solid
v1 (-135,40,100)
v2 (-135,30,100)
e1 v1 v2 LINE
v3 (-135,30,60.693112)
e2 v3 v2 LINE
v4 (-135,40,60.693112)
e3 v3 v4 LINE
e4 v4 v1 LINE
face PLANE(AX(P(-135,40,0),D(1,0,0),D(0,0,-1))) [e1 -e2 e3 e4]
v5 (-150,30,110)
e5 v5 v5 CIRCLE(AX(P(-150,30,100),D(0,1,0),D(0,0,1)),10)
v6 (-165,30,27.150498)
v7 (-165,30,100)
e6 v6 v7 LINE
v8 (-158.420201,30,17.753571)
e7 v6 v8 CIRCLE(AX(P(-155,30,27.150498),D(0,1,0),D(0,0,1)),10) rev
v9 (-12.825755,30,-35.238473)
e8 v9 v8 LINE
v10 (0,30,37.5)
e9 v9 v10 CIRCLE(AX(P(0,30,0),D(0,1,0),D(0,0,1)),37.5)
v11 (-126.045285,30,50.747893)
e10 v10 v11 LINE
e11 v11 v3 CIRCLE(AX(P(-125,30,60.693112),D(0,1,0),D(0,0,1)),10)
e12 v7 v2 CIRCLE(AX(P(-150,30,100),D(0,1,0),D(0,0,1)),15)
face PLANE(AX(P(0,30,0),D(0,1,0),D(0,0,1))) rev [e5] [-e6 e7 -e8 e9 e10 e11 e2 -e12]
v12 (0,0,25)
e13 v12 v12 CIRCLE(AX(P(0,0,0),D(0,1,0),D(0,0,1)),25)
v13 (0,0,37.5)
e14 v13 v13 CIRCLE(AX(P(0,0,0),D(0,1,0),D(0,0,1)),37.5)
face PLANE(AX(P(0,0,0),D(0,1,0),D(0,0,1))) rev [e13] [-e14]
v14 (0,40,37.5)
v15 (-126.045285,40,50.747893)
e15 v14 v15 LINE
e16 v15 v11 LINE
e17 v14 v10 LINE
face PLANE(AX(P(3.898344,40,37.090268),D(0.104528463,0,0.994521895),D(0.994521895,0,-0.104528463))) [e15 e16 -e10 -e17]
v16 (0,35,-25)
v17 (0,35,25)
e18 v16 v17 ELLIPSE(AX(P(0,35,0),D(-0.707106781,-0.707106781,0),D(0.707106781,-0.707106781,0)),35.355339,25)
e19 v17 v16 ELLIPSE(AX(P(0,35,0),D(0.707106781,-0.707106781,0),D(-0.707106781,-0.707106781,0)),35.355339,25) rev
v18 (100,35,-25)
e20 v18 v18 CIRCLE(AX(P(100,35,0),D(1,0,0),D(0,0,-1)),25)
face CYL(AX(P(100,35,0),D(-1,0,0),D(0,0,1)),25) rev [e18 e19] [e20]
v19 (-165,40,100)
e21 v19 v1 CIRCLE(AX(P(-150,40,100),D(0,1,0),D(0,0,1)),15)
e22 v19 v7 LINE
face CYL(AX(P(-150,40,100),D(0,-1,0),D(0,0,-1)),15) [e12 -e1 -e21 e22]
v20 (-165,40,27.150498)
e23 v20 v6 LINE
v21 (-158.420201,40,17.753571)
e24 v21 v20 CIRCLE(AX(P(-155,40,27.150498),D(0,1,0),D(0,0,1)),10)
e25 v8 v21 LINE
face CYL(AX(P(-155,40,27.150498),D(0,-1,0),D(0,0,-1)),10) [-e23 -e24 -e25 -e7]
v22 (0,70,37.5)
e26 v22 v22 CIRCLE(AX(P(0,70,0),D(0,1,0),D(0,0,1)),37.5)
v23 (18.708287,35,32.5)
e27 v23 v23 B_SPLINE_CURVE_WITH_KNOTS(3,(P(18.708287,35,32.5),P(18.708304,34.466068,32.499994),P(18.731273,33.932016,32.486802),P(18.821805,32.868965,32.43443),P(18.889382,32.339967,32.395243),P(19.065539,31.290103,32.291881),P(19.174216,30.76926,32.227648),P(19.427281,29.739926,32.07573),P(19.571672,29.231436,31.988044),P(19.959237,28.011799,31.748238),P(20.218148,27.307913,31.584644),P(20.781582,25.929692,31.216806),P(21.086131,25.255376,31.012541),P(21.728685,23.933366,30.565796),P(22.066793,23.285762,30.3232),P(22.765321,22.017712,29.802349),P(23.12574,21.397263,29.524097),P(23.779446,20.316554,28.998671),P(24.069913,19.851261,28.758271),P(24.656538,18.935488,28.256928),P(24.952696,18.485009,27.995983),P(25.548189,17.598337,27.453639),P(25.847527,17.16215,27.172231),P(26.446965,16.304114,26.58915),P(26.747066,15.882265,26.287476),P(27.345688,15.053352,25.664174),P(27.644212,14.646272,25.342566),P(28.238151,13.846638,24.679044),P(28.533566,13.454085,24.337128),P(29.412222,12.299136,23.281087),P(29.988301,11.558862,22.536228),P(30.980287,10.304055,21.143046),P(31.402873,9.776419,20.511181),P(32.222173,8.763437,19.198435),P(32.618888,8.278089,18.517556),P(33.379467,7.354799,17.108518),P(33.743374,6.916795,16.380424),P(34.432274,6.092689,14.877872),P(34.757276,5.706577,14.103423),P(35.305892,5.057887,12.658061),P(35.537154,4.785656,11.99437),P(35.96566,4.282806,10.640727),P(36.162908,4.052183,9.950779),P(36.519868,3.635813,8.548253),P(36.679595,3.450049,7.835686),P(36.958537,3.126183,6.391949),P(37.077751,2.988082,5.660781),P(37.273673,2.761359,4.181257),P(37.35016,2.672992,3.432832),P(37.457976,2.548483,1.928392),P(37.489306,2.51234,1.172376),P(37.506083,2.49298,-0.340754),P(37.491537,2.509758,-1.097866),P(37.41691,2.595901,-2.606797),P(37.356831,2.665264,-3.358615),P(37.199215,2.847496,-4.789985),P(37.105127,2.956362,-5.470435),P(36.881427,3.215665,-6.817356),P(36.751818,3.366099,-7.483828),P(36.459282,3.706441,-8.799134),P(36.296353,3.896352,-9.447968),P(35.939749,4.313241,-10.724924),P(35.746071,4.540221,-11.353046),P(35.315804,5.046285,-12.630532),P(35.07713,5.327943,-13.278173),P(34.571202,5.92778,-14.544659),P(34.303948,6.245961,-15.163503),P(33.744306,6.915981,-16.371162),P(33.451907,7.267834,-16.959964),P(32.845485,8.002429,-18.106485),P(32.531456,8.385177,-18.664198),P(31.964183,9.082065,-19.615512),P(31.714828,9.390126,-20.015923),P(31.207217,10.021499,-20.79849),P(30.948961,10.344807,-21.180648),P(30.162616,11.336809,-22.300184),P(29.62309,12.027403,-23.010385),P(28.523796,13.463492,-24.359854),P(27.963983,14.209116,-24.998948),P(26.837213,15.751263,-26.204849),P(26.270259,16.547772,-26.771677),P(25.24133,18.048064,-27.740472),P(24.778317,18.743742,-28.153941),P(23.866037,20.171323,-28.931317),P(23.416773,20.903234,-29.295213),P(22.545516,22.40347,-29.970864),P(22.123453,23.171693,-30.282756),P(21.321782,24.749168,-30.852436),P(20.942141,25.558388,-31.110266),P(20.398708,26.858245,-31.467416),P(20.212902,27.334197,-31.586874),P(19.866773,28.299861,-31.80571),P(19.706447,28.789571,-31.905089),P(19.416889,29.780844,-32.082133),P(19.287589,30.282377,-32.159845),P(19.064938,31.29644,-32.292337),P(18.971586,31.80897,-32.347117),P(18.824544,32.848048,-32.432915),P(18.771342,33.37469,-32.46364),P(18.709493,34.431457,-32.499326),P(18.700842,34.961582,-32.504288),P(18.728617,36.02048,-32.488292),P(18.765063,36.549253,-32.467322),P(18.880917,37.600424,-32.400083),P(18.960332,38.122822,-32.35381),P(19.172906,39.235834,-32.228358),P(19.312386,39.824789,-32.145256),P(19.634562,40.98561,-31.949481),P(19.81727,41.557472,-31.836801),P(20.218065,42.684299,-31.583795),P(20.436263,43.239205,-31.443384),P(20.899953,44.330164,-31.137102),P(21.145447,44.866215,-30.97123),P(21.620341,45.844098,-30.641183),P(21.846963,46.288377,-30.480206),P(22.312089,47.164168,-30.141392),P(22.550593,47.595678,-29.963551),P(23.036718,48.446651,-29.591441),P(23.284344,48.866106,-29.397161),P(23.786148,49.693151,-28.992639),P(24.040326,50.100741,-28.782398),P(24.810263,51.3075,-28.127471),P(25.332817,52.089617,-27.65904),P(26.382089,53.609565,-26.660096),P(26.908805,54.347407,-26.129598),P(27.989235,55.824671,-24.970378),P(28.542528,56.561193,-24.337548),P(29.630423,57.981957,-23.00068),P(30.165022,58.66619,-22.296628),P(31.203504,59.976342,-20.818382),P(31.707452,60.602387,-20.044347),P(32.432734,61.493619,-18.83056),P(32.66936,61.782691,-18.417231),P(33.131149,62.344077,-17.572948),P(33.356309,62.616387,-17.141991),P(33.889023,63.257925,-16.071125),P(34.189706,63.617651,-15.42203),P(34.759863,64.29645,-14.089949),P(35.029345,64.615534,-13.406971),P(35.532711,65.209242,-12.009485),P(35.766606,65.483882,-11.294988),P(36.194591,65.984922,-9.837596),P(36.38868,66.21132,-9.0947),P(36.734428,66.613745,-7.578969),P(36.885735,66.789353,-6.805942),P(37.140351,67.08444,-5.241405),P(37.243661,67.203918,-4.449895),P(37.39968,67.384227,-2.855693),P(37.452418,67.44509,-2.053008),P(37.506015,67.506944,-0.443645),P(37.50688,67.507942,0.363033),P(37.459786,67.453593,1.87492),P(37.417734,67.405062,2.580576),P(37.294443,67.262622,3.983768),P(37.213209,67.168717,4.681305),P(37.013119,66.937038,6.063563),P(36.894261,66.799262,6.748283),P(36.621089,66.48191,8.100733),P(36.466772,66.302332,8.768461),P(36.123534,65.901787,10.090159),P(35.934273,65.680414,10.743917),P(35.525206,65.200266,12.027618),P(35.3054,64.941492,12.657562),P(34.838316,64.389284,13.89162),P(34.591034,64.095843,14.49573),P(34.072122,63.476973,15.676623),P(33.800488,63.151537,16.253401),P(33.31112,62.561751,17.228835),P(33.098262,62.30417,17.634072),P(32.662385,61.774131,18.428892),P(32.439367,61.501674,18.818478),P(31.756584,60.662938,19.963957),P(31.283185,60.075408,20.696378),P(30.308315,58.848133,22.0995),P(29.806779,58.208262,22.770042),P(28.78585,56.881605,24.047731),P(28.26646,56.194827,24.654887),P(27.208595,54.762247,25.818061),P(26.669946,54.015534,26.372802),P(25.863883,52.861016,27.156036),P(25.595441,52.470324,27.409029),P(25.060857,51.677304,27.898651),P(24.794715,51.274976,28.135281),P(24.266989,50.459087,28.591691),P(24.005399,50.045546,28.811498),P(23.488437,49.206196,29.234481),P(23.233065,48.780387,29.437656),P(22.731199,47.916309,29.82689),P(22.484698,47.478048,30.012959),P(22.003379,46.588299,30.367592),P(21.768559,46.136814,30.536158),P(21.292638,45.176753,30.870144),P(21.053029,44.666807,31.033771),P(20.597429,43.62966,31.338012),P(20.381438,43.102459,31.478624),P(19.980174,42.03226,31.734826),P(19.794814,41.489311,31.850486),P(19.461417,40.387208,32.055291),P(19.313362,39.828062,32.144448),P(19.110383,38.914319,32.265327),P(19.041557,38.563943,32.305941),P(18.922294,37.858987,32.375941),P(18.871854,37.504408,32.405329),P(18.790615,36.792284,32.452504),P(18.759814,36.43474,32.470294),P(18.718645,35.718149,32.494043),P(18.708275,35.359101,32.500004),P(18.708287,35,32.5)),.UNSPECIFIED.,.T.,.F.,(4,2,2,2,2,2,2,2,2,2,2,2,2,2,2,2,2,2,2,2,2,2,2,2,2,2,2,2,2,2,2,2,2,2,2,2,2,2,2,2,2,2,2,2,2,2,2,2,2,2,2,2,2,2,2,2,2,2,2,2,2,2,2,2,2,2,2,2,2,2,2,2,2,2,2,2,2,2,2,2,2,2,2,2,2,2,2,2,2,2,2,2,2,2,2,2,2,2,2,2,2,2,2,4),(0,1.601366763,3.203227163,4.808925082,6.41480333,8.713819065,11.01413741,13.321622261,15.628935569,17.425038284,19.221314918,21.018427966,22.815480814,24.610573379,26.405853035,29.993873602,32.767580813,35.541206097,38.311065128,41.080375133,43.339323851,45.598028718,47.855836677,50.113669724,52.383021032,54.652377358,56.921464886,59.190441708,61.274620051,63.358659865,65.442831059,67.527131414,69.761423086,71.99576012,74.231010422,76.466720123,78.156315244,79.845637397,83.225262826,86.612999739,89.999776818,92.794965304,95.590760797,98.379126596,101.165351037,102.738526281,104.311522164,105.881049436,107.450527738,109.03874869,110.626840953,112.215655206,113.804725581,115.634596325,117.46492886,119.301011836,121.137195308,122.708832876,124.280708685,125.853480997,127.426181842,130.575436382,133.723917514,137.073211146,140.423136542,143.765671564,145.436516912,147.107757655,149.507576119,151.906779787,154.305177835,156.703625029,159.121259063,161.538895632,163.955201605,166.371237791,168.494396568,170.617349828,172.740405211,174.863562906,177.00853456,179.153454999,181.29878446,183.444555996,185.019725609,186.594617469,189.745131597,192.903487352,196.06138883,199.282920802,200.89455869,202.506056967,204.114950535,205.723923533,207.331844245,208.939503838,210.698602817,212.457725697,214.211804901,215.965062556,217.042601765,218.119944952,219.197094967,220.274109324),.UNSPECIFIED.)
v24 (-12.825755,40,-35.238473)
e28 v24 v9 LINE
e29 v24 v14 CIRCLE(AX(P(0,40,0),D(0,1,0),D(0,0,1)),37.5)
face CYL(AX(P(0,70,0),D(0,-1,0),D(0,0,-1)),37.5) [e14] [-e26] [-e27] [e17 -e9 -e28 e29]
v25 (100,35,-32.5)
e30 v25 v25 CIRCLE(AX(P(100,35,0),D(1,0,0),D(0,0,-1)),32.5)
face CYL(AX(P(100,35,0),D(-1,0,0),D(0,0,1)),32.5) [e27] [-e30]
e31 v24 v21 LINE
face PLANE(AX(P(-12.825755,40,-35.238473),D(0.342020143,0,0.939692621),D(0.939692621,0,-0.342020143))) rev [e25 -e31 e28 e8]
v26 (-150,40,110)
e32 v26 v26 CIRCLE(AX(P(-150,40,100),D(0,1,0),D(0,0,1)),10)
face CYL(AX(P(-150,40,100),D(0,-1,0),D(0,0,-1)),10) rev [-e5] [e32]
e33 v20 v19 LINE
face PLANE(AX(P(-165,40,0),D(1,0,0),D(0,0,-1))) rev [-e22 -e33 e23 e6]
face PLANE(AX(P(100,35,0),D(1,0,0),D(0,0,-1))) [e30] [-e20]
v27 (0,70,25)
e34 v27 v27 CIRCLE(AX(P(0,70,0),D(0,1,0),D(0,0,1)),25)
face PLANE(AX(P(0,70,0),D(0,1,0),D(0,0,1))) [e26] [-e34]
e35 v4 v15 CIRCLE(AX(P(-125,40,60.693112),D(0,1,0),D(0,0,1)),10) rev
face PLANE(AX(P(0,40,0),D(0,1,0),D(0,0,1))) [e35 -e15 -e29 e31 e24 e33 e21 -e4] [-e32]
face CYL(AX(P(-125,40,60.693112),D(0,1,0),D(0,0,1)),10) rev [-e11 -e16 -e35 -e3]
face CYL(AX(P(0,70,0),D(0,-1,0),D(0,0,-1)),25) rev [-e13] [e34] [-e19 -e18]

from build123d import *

# Parameters (mm, degrees)
SKETCH_1_R          = 37.5
SKETCH_1_R_2        = 25
EXTRUDE_1_DEPTH     = 70
SKETCH_2_R          = 32.5
SKETCH_2_R_2        = 25
EXTRUDE_2_DEPTH     = 100
CUT_EXTRUDE_START   = -100
SKETCH_3_R          = 25
CUT_EXTRUDE_1_DEPTH = 100
SKETCH_4_R          = 25
CUT_EXTRUDE_2_DEPTH = 100
EXTRUDE_START       = 35
SKETCH_5_R          = 15
SKETCH_5_R_2        = 10
EXTRUDE_3_DEPTH     = 5
FILLET_2_R          = 10


with BuildPart() as part:
    # 草圖1 → 填料-伸長1 (new body)
    with BuildSketch(Plane(origin=(0, 0, 0), x_dir=(1, 0, 0), z_dir=(0, 1, 0))):
        with Locations(Location((0, 0, 0), (0, 0, 270))):
            Circle(SKETCH_1_R)
        with Locations(Location((0, 0, 0), (0, 0, 270))):
            Circle(SKETCH_1_R_2, mode=Mode.SUBTRACT)
    extrude(amount=EXTRUDE_1_DEPTH)

    # 草圖2 → 填料-伸長2 (add)
    with BuildSketch(Plane(origin=(0, 0, 0), x_dir=(0, 0, -1), z_dir=(1, 0, 0))):
        with Locations(Location((0, 35, 0), (0, 0, 180))):
            Circle(SKETCH_2_R)
        with Locations(Location((0, 35, 0), (0, 0, 180))):
            Circle(SKETCH_2_R_2, mode=Mode.SUBTRACT)
    extrude(amount=EXTRUDE_2_DEPTH)

    # 草圖3 → 除料-伸長1 (cut)
    with BuildSketch(Plane(origin=(0, 70, 0), x_dir=(1, 0, 0), z_dir=(0, 1, 0)).offset(CUT_EXTRUDE_START)):
        with Locations(Location((0, 0, 0), (0, 0, 270))):
            Circle(SKETCH_3_R)
    extrude(amount=CUT_EXTRUDE_1_DEPTH, mode=Mode.SUBTRACT)

    # 草圖4 → 除料-伸長2 (cut)
    with BuildSketch(Plane(origin=(100, 0, 0), x_dir=(0, 0, -1), z_dir=(1, 0, 0)).offset(CUT_EXTRUDE_START)):
        with Locations((0, 35)):
            Circle(SKETCH_4_R)
    extrude(amount=CUT_EXTRUDE_2_DEPTH, mode=Mode.SUBTRACT)

    # 草圖5 → 填料-伸長3 (add, symmetric)
    # profile 1 of 2: a face of its own
    with BuildSketch(Plane(origin=(0, 0, 0), x_dir=(1, 0, 0), z_dir=(0, 1, 0)).offset(EXTRUDE_START)):
        with BuildLine():
            ThreePointArc((0, -37.5), (-36.930290738, -6.511806663), (-12.825755375, 35.238473279))
            Line((-12.825755375, 35.238473279), (-165, -20.148422186))
            Line((-165, -20.148422186), (-165, -100))
            ThreePointArc((-165, -100), (-150, -85), (-135, -100))
            Line((-135, -100), (-135, -51.689071761))
            Line((-135, -51.689071761), (0, -37.5))
        make_face()
    # profile 2 of 2: a face of its own
    with BuildSketch(Plane(origin=(0, 0, 0), x_dir=(1, 0, 0), z_dir=(0, 1, 0)).offset(EXTRUDE_START)):
        with Locations((-150, -100)):
            Circle(SKETCH_5_R)
        with Locations(Location((-150, -100, 0), (0, 0, 270))):
            Circle(SKETCH_5_R_2, mode=Mode.SUBTRACT)
    extrude(amount=EXTRUDE_3_DEPTH, both=True)

    # 圓角2
    fillet_2_edges = [part.edges().sort_by_distance(p)[0] for p in [
        (-165, 35, 20.148422186),
        (-135, 35, 51.689071761),
    ]]
    fillet(fillet_2_edges, radius=FILLET_2_R)


solid = part.part
